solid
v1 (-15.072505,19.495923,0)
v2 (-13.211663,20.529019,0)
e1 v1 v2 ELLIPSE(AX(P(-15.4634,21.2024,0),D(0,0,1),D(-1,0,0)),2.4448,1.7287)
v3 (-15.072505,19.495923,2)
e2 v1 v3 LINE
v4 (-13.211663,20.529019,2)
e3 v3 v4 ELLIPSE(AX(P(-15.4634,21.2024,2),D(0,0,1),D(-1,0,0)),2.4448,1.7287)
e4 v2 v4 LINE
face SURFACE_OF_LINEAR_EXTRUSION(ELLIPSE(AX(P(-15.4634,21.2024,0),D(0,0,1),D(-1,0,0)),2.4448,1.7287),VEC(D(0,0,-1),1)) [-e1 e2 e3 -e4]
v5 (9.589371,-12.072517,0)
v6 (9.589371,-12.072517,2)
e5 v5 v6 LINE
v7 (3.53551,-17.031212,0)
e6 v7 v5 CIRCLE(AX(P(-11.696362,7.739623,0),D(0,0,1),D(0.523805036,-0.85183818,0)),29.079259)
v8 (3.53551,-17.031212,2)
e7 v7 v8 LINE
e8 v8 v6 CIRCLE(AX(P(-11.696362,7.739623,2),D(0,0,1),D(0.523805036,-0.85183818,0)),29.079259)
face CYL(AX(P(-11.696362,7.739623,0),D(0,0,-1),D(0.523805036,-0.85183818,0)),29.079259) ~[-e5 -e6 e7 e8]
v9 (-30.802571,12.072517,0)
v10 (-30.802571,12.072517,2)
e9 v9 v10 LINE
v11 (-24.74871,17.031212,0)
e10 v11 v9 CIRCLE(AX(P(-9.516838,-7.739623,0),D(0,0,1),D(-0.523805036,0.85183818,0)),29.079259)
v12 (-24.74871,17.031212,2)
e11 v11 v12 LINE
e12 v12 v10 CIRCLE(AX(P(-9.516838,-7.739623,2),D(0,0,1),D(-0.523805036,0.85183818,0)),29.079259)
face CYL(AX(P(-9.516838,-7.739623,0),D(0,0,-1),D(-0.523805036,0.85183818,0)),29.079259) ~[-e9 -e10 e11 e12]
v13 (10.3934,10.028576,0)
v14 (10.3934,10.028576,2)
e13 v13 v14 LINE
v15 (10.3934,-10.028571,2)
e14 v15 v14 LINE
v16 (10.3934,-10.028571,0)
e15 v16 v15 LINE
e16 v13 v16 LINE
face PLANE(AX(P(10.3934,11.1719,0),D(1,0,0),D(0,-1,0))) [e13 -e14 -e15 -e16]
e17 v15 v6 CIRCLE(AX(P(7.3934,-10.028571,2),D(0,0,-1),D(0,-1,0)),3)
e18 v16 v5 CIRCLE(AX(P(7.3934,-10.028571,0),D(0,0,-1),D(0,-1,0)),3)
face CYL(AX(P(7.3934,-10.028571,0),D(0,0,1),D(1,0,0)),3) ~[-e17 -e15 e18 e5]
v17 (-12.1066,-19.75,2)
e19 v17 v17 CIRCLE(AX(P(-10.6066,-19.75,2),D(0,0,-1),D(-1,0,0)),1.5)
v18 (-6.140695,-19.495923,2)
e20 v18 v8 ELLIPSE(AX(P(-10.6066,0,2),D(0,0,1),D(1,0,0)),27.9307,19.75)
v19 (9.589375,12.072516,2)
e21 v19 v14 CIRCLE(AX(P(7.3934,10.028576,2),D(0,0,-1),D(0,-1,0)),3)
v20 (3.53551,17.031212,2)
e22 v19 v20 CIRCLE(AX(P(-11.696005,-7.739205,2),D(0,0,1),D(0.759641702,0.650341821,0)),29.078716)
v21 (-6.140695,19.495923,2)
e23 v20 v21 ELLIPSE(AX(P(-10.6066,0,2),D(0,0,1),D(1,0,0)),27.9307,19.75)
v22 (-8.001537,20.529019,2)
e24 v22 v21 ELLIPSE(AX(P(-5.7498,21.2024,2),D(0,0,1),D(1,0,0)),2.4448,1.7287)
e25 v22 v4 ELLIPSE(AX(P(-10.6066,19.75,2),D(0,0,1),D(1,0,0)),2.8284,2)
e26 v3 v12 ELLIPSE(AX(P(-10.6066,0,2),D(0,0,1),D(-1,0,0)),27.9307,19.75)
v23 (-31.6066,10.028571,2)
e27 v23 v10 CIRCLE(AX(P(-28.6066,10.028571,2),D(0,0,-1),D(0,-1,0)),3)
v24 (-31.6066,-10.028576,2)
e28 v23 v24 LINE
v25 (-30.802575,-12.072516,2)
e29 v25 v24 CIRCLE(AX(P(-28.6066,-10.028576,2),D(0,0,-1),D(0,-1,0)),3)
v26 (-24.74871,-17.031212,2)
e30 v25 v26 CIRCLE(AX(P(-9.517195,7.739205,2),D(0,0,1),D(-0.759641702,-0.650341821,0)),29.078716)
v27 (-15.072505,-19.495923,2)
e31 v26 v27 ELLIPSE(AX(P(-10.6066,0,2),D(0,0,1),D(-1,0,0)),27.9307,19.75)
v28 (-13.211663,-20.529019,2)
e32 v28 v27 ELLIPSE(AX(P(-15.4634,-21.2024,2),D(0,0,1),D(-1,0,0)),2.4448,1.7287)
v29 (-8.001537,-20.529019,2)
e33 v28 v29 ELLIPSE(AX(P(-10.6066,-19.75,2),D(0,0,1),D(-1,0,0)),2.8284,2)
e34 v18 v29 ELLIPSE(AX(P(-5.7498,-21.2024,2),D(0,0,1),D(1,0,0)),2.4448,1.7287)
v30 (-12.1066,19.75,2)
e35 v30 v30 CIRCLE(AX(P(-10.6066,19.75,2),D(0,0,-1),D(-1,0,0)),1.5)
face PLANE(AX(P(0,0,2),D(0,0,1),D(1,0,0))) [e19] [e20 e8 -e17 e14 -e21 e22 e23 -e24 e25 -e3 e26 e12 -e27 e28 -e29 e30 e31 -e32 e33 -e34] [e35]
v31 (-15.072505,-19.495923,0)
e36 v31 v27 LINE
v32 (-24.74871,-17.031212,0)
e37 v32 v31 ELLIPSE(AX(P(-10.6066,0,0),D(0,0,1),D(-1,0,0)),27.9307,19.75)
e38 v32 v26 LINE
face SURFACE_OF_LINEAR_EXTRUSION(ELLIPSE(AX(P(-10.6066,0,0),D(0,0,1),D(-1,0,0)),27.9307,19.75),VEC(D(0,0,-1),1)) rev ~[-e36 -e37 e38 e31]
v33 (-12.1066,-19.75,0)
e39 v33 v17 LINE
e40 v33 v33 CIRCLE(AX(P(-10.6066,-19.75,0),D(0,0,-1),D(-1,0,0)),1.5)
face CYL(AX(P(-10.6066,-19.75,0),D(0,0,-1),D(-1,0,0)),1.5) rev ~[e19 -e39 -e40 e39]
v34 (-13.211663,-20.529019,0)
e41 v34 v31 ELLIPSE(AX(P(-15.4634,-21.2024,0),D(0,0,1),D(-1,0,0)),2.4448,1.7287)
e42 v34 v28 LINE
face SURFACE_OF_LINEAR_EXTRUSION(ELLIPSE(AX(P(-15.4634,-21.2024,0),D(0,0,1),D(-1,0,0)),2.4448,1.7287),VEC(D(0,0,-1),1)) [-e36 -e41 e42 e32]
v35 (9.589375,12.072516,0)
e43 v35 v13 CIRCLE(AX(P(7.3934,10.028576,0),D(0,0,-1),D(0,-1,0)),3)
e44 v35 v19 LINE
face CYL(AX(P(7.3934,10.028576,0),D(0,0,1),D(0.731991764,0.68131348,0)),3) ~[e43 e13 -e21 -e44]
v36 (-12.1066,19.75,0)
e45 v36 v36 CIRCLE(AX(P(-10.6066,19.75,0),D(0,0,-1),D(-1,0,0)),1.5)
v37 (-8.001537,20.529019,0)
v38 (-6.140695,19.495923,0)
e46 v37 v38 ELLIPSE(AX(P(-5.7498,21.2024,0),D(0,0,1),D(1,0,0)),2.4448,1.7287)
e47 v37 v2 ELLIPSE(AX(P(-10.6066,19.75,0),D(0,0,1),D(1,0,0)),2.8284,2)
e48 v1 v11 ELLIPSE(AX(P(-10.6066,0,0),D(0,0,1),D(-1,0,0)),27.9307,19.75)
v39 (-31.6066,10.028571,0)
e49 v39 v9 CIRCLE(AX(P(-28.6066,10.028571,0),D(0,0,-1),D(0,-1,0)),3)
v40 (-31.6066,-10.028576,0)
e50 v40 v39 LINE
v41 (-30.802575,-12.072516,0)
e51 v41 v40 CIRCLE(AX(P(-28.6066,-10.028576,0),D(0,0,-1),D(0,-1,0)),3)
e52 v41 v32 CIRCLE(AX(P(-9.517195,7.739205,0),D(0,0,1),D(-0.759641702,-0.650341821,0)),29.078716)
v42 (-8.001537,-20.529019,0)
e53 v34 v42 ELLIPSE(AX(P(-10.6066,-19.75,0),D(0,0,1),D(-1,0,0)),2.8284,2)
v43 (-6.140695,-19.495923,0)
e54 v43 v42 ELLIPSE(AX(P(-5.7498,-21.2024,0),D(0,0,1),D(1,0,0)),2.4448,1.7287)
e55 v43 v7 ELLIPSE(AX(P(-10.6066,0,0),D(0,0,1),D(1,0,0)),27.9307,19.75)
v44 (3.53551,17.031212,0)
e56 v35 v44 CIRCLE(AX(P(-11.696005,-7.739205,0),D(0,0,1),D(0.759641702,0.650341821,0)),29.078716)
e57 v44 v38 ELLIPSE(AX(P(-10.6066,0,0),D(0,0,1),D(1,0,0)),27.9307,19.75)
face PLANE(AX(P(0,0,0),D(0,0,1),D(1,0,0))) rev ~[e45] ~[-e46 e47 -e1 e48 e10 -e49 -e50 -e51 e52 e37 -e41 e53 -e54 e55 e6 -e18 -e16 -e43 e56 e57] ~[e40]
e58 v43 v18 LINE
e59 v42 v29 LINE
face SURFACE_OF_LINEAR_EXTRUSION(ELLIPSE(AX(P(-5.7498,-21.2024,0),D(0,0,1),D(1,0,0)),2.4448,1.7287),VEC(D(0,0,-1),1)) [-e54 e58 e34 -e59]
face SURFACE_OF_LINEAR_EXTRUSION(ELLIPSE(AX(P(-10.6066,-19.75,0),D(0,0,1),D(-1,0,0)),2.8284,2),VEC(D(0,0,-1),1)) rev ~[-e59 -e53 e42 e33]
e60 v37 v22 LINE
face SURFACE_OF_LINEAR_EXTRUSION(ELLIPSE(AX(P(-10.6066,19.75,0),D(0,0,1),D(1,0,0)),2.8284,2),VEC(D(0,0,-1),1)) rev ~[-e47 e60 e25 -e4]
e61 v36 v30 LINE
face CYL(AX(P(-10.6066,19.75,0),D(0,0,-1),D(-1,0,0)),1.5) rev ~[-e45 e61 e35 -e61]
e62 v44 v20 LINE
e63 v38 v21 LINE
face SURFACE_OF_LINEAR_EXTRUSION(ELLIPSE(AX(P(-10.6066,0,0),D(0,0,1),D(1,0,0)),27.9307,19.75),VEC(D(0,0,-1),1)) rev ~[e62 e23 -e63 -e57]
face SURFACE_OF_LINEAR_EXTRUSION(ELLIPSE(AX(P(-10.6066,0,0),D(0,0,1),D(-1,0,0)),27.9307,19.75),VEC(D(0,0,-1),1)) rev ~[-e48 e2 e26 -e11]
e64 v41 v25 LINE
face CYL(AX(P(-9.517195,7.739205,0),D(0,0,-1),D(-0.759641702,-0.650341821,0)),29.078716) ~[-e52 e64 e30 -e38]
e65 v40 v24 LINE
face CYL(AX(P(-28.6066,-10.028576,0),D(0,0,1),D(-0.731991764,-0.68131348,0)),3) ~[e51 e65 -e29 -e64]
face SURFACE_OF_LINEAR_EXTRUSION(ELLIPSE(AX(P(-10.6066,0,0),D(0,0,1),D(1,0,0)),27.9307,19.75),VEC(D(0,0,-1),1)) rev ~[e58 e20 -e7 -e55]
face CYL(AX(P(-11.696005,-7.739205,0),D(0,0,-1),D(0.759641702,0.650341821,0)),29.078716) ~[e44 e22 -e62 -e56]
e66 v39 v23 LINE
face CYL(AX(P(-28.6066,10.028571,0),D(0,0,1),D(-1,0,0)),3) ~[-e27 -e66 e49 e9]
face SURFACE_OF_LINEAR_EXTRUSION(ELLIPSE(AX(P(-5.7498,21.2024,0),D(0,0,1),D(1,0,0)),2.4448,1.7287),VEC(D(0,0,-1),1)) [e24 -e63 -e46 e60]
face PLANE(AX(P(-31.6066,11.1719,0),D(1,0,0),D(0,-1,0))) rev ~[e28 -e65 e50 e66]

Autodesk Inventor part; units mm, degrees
ref_plane "YZ Plane" through (0, 0, 0) normal (1, 0, 0) x (0, 1, 0)
ref_plane "XZ Plane" through (0, 0, 0) normal (0, 1, 0) x (-1, 0, 0)
ref_plane "XY Plane" through (0, 0, 0) normal (0, 0, 1) x (1, 0, 0)
sketch "Esquisse1" plane through (0, 0, 0) normal (0, 0, 1) x (1, 0, 0)
  ellipse E0 centre (-10.6066, 0) end of major axis (-38.5373, 0) minor radius 19.75 (-15.0725, 19.4959) -> (-24.7487, 17.0312) ccw projected
  ellipse E1 centre (-15.4634, 21.2024) end of major axis (-17.9082, 21.2024) minor radius 1.7287 (-15.0725, 19.4959) -> (-13.2116, 20.529) ccw projected
  ellipse E2 centre (-10.6066, 19.75) end of major axis (-7.7782, 19.75) minor radius 2 (-8.0016, 20.529) -> (-13.2116, 20.529) ccw projected
  ellipse E3 centre (-5.7498, 21.2024) end of major axis (-3.305, 21.2024) minor radius 1.7287 (-8.0016, 20.529) -> (-6.1407, 19.4959) ccw projected
  ellipse E4 centre (-10.6066, 0) end of major axis (17.3241, 0) minor radius 19.75 (3.5355, 17.0312) -> (-6.1407, 19.4959) ccw projected
  ellipse E5 centre (-10.6066, 0) end of major axis (-38.5373, 0) minor radius 19.75 (-24.7487, -17.0312) -> (-15.0725, -19.4959) ccw projected
  ellipse E6 centre (-15.4634, -21.2024) end of major axis (-17.9082, -21.2024) minor radius 1.7287 (-13.2116, -20.529) -> (-15.0725, -19.4959) ccw projected
  ellipse E7 centre (-10.6066, -19.75) end of major axis (-13.435, -19.75) minor radius 2 (-13.2116, -20.529) -> (-8.0016, -20.529) ccw projected
  ellipse E8 centre (-5.7498, -21.2024) end of major axis (-3.305, -21.2024) minor radius 1.7287 (-6.1407, -19.4959) -> (-8.0016, -20.529) ccw projected
  ellipse E9 centre (-10.6066, 0) end of major axis (17.3241, 0) minor radius 19.75 (-6.1407, -19.4959) -> (3.5355, -17.0312) ccw projected
  line L0 (7.3934, 13) -> (-28.6066, 13) construction
  line L1 (-28.6066, 13) -> (-28.6066, -13) construction
  line L2 (-28.6066, -13) -> (7.3934, -13) construction
  line L3 (7.3934, -13) -> (7.3934, 13) construction
  line L4 (7.3934, 13) -> (-28.6066, -13) construction
  line L5 (-28.6066, 13) -> (7.3934, -13) construction
  arc A0 (-31.6066, -11.1719) -> (-24.7487, -17.0312) centre (-9.517, 7.7394) ccw
  line L6 (-31.6066, -11.1719) -> (-31.6066, 0)
  line L7 (-10.6066, 0) -> (-8.2165, 0)
  line L8 (-10.6066, 0) -> (-10.6066, -5.4794)
  arc A1 (-24.7487, 17.0312) -> (-31.6066, 11.1719) centre (-9.517, -7.7394) ccw
  line L9 (-31.6066, 11.1719) -> (-31.6066, 0)
  arc A2 (3.5355, -17.0312) -> (10.3934, -11.1719) centre (-11.6962, 7.7394) ccw
  line L10 (10.3934, -11.1719) -> (10.3934, 0)
  arc A3 (10.3934, 11.1719) -> (3.5355, 17.0312) centre (-11.6962, -7.7394) ccw
  line L11 (10.3934, 11.1719) -> (10.3934, 0)
  point P0 (0, 0)
  point P1 (4.4659, -19.4959)
  point P2 (-4.4659, -19.4959)
  point P3 (14.1421, -17.0312)
  point P4 (14.1421, 17.0312)
  point P5 (-14.1421, -17.0312)
  point P6 (21, 6.606)
  point P7 (14.1424, -17.0311)
  point P8 (14.1419, 17.0313)
  point P9 (0, 19.0996)
  point P10 (-6.6399, 19.0242)
  point P11 (-7.0711, 19.1066)
  point P12 (-14.1418, 17.0314)
  point P13 (21, -6.606)
  dimension "d0" = 36
  dimension "d1" = 26
  dimension "d2" = 29.079
  dimension "d3" = 3
extrude "Extrusion1" add sketch "Esquisse1" along normal blind 2
fillet "Congé1" radius 3 4 edges at (-31.6066, 11.1719, 1) (-31.6066, -11.1719, 1) (10.3934, 11.1719, 1) (10.3934, -11.1719, 1)
sketch "Esquisse4" plane through (0, 0, 0) normal (0, 0, -1) x (-1, 0, 0)
  ellipse E0 centre (10.6066, 19.75) end of major axis (7.7782, 19.75) minor radius 2 (13.2116, 20.529) -> (8.0016, 20.529) ccw projected
  circle A0 centre (10.6066, 19.75) radius 1.5
  line L0 (0, 0) -> (14.2006, 0)
  circle A1 centre (10.6066, -19.75) radius 1.5
  dimension "d7" = 3
extrude "Extrusion2" cut sketch "Esquisse4" against normal up to surface (2 mm away)
properties part number "support-miroir"
